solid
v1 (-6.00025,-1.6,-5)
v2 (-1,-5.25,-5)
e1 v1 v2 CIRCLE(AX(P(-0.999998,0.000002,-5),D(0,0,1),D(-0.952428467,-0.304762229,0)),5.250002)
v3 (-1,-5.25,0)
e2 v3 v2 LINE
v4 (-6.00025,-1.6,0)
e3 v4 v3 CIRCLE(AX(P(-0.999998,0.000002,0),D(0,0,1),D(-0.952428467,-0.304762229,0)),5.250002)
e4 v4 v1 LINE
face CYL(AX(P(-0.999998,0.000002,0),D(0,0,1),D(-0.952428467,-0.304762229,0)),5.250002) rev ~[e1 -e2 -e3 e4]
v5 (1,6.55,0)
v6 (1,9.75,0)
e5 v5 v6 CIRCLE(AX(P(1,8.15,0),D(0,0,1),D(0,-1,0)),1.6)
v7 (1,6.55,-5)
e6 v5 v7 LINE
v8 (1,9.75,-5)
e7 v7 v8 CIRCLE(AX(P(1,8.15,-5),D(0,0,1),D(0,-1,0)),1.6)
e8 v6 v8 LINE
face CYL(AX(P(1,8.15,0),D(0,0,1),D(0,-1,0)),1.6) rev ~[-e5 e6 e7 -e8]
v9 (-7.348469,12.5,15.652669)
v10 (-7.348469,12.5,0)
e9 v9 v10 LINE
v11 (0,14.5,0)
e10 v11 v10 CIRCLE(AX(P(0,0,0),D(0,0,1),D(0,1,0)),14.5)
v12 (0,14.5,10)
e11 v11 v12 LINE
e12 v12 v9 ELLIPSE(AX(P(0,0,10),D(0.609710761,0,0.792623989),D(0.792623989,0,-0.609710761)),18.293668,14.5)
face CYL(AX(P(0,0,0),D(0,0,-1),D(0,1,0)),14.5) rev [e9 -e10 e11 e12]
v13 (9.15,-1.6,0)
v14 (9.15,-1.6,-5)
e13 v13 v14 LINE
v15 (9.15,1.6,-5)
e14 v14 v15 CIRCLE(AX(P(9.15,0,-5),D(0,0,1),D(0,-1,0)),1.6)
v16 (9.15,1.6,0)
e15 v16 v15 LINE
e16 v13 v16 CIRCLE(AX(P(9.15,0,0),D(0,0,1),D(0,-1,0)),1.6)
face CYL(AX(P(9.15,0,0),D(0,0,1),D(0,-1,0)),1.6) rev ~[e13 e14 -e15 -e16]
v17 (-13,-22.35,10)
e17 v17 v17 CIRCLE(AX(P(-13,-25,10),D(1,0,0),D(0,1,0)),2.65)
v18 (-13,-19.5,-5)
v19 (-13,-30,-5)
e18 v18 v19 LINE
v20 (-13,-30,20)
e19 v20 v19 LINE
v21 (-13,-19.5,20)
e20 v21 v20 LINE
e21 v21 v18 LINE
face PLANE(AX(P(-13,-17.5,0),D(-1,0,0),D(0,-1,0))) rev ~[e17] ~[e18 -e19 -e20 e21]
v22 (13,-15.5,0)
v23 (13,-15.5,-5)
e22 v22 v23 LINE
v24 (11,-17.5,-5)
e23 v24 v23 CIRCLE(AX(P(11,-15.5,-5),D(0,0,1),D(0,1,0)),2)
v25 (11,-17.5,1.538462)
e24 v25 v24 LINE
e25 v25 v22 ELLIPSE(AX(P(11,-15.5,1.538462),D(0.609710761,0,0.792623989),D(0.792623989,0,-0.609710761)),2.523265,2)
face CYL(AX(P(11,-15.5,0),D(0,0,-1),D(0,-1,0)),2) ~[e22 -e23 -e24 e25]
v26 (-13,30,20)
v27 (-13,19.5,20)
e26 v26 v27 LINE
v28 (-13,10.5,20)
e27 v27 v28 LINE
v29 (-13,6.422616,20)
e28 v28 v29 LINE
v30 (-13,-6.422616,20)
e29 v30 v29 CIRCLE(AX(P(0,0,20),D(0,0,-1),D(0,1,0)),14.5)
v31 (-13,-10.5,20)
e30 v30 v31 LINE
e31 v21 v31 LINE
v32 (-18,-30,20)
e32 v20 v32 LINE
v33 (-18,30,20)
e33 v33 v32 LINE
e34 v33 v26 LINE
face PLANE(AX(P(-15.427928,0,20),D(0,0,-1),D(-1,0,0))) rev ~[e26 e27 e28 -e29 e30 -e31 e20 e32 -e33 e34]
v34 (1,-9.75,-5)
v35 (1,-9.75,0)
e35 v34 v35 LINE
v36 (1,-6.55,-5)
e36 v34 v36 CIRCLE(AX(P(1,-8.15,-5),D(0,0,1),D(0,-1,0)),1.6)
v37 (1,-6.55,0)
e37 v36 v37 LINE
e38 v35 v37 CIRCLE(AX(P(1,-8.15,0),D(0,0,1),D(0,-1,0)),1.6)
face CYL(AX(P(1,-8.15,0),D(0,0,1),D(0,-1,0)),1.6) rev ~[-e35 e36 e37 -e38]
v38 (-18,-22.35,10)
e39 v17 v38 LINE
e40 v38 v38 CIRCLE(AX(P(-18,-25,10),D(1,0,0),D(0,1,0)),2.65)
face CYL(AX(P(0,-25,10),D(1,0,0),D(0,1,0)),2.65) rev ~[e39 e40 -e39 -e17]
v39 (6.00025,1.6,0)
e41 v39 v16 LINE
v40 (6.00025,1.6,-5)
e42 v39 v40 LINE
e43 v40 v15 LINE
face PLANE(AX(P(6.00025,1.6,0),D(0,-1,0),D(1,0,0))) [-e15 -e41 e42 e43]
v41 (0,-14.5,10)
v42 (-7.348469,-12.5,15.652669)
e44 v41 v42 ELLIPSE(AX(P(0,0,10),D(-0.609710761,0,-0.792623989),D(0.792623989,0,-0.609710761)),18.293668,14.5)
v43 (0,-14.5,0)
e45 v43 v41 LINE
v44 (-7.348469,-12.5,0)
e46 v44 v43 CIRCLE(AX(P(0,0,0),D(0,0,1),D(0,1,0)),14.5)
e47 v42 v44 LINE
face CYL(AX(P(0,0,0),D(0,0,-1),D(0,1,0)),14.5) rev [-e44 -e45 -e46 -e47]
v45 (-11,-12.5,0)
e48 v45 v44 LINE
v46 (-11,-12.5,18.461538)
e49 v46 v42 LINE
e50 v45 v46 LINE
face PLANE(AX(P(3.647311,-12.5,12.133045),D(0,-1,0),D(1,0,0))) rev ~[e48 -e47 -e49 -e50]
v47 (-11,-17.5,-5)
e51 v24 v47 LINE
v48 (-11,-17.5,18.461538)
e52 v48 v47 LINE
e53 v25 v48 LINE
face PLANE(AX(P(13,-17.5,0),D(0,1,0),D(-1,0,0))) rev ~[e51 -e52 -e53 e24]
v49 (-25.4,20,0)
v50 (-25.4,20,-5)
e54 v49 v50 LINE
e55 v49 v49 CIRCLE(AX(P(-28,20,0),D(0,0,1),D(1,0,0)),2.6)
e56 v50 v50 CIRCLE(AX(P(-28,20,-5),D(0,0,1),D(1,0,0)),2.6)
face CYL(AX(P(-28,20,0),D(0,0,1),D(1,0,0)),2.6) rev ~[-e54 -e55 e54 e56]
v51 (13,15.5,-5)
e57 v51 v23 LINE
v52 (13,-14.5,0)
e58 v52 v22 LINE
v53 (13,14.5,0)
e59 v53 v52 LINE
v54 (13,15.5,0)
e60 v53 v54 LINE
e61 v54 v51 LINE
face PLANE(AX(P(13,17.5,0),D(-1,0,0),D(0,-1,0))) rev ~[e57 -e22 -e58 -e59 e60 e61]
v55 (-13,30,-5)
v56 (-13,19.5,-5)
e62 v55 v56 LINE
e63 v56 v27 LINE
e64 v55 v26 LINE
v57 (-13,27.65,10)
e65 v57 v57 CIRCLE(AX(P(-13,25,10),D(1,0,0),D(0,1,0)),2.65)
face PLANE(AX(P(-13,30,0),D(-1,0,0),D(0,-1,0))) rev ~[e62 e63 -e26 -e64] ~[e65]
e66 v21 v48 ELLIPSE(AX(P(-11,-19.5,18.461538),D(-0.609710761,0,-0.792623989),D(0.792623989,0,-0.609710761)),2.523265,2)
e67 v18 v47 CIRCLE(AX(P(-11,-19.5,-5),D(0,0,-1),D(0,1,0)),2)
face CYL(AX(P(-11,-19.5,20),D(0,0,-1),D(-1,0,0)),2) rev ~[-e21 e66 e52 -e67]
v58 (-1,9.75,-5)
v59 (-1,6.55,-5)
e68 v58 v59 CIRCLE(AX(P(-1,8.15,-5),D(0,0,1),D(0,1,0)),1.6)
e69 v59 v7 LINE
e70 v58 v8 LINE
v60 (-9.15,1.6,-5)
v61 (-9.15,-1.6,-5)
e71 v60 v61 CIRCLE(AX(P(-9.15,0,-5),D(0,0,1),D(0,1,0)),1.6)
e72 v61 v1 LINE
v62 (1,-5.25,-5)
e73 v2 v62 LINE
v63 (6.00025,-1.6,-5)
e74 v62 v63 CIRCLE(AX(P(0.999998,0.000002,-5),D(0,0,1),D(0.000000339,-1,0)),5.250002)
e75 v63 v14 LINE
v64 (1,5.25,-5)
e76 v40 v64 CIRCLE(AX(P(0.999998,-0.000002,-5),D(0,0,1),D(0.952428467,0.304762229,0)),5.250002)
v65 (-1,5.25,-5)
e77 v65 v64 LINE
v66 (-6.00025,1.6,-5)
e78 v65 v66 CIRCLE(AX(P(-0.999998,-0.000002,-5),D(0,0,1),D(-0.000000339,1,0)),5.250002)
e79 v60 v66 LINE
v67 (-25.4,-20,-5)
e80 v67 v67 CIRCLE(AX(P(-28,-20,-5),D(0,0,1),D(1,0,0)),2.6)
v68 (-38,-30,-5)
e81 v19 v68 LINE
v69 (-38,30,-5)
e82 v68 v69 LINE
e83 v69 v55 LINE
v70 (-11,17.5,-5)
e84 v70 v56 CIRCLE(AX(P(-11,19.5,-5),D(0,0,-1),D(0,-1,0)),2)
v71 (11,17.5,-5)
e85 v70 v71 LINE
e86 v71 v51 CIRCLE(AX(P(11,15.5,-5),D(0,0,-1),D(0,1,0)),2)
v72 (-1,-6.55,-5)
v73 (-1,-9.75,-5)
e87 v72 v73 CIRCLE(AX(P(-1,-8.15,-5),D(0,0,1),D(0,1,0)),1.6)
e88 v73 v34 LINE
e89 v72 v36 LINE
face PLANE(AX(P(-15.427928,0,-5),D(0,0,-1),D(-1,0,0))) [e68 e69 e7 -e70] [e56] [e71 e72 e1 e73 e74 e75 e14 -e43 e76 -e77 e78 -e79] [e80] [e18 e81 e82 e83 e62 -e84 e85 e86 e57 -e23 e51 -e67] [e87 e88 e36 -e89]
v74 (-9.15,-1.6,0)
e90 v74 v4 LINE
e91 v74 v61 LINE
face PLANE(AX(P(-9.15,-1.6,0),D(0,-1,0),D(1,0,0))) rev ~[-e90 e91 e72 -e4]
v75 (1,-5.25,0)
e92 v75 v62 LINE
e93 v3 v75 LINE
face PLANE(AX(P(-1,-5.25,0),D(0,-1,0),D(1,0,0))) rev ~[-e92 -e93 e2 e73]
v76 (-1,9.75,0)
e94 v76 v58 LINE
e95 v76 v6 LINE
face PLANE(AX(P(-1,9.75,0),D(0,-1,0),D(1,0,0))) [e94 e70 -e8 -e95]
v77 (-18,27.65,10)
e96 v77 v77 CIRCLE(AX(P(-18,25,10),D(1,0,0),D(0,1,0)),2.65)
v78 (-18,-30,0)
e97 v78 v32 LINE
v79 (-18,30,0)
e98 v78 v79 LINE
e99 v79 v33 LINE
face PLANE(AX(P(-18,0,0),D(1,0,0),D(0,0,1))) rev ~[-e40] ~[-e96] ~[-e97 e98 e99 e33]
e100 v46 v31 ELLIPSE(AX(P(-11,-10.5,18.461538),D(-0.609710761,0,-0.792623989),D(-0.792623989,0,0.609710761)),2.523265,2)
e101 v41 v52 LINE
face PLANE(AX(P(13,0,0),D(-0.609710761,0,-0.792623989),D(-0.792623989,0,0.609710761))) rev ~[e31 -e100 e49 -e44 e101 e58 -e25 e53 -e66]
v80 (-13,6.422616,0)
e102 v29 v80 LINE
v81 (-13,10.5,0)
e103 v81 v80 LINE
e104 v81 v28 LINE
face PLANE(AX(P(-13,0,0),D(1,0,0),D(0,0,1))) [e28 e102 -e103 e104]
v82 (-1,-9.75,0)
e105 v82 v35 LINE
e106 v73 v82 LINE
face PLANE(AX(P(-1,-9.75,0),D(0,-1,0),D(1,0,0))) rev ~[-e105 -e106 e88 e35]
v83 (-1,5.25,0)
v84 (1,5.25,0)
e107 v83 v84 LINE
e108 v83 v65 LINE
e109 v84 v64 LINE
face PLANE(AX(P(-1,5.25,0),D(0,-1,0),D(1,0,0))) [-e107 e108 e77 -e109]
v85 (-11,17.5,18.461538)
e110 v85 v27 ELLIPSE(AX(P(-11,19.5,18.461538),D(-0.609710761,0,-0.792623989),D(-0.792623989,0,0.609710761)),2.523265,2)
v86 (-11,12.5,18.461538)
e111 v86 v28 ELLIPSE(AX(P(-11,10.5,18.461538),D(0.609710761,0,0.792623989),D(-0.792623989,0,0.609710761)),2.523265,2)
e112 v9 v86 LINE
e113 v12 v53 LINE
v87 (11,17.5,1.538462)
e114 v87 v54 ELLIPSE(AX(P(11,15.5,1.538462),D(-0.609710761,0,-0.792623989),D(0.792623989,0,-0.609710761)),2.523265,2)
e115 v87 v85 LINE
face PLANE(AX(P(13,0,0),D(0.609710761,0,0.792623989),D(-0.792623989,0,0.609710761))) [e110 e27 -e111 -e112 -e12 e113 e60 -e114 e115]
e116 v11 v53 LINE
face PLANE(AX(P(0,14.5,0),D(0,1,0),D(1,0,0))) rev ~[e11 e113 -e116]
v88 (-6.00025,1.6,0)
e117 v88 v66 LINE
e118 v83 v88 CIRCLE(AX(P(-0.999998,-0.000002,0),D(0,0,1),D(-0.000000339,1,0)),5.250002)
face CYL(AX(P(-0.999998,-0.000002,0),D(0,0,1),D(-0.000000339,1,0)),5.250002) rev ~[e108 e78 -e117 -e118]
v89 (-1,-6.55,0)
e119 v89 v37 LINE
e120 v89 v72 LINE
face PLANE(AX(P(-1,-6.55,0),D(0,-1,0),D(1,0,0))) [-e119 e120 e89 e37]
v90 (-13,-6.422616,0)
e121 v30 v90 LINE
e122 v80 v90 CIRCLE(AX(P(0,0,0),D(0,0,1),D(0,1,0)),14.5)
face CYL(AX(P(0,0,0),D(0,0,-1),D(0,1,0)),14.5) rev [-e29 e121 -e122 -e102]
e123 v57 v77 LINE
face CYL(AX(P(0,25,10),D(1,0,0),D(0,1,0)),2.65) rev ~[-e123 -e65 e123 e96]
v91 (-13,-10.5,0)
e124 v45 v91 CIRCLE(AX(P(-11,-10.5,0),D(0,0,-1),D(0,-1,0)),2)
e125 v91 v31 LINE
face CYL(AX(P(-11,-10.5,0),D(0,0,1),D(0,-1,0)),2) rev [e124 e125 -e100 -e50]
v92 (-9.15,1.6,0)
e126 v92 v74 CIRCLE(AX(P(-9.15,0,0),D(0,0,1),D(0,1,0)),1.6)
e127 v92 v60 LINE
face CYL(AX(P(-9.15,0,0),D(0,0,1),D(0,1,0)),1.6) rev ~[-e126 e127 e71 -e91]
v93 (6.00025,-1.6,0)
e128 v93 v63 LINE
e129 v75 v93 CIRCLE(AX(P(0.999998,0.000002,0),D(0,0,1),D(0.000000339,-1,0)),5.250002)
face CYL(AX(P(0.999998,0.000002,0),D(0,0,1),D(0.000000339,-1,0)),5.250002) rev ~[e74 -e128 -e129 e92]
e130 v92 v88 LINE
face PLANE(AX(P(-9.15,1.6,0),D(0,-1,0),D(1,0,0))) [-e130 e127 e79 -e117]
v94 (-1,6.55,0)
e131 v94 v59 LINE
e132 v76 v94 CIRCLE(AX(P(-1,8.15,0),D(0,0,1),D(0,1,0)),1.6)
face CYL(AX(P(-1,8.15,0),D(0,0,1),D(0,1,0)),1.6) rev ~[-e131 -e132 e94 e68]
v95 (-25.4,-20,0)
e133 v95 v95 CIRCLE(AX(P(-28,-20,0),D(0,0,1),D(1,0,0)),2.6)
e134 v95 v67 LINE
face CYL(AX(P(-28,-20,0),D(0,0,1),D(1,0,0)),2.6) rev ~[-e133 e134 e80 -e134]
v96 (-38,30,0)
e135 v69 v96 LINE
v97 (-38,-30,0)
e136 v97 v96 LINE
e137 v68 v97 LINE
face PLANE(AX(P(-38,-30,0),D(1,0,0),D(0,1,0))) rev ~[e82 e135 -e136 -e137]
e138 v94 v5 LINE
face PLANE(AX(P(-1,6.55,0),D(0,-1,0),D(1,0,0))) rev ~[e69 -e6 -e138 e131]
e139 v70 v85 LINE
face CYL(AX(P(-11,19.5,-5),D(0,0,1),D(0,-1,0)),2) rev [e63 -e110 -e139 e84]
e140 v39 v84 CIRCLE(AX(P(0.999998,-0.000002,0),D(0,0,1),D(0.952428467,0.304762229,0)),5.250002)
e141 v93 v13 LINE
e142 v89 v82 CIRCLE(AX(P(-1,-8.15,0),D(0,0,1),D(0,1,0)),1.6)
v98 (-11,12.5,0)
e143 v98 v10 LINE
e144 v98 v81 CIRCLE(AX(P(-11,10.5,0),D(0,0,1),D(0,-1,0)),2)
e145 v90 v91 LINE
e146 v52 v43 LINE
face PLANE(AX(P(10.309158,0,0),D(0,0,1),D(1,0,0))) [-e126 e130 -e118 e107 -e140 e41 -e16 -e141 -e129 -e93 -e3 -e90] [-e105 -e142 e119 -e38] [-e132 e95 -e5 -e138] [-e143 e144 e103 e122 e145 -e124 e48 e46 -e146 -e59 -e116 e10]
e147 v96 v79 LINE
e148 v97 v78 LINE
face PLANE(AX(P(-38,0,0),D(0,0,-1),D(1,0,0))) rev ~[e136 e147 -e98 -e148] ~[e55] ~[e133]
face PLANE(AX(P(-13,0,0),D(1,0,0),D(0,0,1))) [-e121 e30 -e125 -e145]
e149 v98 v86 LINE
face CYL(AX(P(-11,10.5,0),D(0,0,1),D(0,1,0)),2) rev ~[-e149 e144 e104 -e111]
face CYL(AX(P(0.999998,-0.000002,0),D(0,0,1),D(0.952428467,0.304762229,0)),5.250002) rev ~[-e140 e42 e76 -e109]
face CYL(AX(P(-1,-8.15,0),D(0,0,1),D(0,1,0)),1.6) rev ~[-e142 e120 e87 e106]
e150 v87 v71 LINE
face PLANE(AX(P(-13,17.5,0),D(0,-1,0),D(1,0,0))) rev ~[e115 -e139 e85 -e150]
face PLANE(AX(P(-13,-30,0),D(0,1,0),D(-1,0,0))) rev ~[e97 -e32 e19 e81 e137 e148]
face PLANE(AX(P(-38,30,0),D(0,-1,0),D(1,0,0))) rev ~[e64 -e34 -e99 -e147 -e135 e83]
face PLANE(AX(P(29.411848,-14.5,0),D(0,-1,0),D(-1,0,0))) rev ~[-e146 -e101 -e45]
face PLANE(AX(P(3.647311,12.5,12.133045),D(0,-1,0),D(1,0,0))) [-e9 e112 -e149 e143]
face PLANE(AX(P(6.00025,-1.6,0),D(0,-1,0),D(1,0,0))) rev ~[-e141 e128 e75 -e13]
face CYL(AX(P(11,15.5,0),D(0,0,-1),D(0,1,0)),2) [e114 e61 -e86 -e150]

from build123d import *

# Parameters (mm, degrees)
SKETCH_R          = 2.6
PAD_DEPTH         = 20
PAD_DEPTH_BACK    = 5
SKETCH002_W       = 33.294622
SKETCH002_H       = 24.26609
POCKET001_DEPTH   = 12.5
SKETCH003_R       = 2.65
POCKET002_DEPTH   = 38.001
POCKET003_DEPTH   = 20.001
SKETCH001_W       = 20
SKETCH001_H       = 20
POCKET_DEPTH      = 30.001
POCKET_DEPTH_BACK = -30.001
FILLET_R          = 2


with BuildPart() as part:
    # Sketch → Pad (new body, two sides)
    with BuildSketch(Plane.XY) as pad_sk:
        Polygon((-13, 17.5), (13, 17.5), (13, -17.5), (-13, -17.5), (-13, -30), (-38, -30), (-38, 30), (-13, 30), align=None)
        with Locations((-28, 20)):
            Circle(SKETCH_R, mode=Mode.SUBTRACT)
        with Locations((-28, -20)):
            Circle(SKETCH_R, mode=Mode.SUBTRACT)
        with BuildLine():
            Line((-1, -5.25), (1, -5.25))
            ThreePointArc((1, -5.25), (4.095359, -4.24043), (6.00025, -1.6))
            Line((6.00025, -1.6), (9.15, -1.6))
            ThreePointArc((9.15, -1.6), (10.75, 0), (9.15, 1.6))
            Line((6.00025, 1.6), (9.15, 1.6))
            ThreePointArc((6.00025, 1.6), (4.095359, 4.24043), (1, 5.25))
            Line((-1, 5.25), (1, 5.25))
            ThreePointArc((-1, 5.25), (-4.095359, 4.24043), (-6.00025, 1.6))
            Line((-9.15, 1.6), (-6.00025, 1.6))
            ThreePointArc((-9.15, 1.6), (-10.75, 0), (-9.15, -1.6))
            Line((-9.15, -1.6), (-6.00025, -1.6))
            ThreePointArc((-6.00025, -1.6), (-4.095359, -4.24043), (-1, -5.25))
        make_face(mode=Mode.SUBTRACT)
        with BuildLine():
            ThreePointArc((-1, 9.75), (-2.6, 8.15), (-1, 6.55))
            Line((-1, 6.55), (1, 6.55))
            ThreePointArc((1, 6.55), (2.6, 8.15), (1, 9.75))
            Line((-1, 9.75), (1, 9.75))
        make_face(mode=Mode.SUBTRACT)
        with BuildLine():
            ThreePointArc((-1, -6.55), (-2.6, -8.15), (-1, -9.75))
            Line((-1, -9.75), (1, -9.75))
            ThreePointArc((1, -9.75), (2.6, -8.15), (1, -6.55))
            Line((-1, -6.55), (1, -6.55))
        make_face(mode=Mode.SUBTRACT)
    extrude(amount=PAD_DEPTH)
    extrude(pad_sk.sketch, amount=-PAD_DEPTH_BACK)

    # Sketch002 → Pocket001 (cut, symmetric)
    with BuildSketch(Plane.XZ):
        with Locations((3.647311, 12.133045)):
            Rectangle(SKETCH002_W, SKETCH002_H)
    extrude(amount=POCKET001_DEPTH, both=True, mode=Mode.SUBTRACT)

    # Sketch003 → Pocket002 (cut, through all)
    with BuildSketch(Plane.YZ):
        with Locations((-25, 10)):
            Circle(SKETCH003_R)
        with Locations((25, 10)):
            Circle(SKETCH003_R)
    extrude(amount=-POCKET002_DEPTH, mode=Mode.SUBTRACT)

    # Sketch004 → Pocket003 (cut, through all)
    with BuildSketch(Plane.XY):
        with BuildLine():
            ThreePointArc((0, 14.5), (-14.5, 0), (0, -14.5))
            Line((29.411848, -14.5), (0, -14.5))
            Line((29.411848, 14.5), (29.411848, -14.5))
            Line((0, 14.5), (29.411848, 14.5))
        make_face()
    extrude(amount=POCKET003_DEPTH, mode=Mode.SUBTRACT)

    # Sketch001 → Pocket (cut, two sides)
    with BuildSketch(Plane.XZ) as pocket_sk:
        with Locations((-28, 10)):
            Rectangle(SKETCH001_W, SKETCH001_H)
        Polygon((-13, 20), (13, 20), (13, 0), align=None)
    extrude(amount=-POCKET_DEPTH, mode=Mode.SUBTRACT)
    extrude(pocket_sk.sketch, amount=-POCKET_DEPTH_BACK, mode=Mode.SUBTRACT)

    # Fillet
    fillet_edges = [part.edges().sort_by_distance(p)[0] for p in [
        (-13, -17.5, 7.5),
        (13, -17.5, -2.5),
        (13, 17.5, -2.5),
        (-13, 17.5, 7.5),
        (-13, 12.5, 10),
        (-13, -12.5, 10),
    ]]
    fillet(fillet_edges, radius=FILLET_R)


solid = part.part
